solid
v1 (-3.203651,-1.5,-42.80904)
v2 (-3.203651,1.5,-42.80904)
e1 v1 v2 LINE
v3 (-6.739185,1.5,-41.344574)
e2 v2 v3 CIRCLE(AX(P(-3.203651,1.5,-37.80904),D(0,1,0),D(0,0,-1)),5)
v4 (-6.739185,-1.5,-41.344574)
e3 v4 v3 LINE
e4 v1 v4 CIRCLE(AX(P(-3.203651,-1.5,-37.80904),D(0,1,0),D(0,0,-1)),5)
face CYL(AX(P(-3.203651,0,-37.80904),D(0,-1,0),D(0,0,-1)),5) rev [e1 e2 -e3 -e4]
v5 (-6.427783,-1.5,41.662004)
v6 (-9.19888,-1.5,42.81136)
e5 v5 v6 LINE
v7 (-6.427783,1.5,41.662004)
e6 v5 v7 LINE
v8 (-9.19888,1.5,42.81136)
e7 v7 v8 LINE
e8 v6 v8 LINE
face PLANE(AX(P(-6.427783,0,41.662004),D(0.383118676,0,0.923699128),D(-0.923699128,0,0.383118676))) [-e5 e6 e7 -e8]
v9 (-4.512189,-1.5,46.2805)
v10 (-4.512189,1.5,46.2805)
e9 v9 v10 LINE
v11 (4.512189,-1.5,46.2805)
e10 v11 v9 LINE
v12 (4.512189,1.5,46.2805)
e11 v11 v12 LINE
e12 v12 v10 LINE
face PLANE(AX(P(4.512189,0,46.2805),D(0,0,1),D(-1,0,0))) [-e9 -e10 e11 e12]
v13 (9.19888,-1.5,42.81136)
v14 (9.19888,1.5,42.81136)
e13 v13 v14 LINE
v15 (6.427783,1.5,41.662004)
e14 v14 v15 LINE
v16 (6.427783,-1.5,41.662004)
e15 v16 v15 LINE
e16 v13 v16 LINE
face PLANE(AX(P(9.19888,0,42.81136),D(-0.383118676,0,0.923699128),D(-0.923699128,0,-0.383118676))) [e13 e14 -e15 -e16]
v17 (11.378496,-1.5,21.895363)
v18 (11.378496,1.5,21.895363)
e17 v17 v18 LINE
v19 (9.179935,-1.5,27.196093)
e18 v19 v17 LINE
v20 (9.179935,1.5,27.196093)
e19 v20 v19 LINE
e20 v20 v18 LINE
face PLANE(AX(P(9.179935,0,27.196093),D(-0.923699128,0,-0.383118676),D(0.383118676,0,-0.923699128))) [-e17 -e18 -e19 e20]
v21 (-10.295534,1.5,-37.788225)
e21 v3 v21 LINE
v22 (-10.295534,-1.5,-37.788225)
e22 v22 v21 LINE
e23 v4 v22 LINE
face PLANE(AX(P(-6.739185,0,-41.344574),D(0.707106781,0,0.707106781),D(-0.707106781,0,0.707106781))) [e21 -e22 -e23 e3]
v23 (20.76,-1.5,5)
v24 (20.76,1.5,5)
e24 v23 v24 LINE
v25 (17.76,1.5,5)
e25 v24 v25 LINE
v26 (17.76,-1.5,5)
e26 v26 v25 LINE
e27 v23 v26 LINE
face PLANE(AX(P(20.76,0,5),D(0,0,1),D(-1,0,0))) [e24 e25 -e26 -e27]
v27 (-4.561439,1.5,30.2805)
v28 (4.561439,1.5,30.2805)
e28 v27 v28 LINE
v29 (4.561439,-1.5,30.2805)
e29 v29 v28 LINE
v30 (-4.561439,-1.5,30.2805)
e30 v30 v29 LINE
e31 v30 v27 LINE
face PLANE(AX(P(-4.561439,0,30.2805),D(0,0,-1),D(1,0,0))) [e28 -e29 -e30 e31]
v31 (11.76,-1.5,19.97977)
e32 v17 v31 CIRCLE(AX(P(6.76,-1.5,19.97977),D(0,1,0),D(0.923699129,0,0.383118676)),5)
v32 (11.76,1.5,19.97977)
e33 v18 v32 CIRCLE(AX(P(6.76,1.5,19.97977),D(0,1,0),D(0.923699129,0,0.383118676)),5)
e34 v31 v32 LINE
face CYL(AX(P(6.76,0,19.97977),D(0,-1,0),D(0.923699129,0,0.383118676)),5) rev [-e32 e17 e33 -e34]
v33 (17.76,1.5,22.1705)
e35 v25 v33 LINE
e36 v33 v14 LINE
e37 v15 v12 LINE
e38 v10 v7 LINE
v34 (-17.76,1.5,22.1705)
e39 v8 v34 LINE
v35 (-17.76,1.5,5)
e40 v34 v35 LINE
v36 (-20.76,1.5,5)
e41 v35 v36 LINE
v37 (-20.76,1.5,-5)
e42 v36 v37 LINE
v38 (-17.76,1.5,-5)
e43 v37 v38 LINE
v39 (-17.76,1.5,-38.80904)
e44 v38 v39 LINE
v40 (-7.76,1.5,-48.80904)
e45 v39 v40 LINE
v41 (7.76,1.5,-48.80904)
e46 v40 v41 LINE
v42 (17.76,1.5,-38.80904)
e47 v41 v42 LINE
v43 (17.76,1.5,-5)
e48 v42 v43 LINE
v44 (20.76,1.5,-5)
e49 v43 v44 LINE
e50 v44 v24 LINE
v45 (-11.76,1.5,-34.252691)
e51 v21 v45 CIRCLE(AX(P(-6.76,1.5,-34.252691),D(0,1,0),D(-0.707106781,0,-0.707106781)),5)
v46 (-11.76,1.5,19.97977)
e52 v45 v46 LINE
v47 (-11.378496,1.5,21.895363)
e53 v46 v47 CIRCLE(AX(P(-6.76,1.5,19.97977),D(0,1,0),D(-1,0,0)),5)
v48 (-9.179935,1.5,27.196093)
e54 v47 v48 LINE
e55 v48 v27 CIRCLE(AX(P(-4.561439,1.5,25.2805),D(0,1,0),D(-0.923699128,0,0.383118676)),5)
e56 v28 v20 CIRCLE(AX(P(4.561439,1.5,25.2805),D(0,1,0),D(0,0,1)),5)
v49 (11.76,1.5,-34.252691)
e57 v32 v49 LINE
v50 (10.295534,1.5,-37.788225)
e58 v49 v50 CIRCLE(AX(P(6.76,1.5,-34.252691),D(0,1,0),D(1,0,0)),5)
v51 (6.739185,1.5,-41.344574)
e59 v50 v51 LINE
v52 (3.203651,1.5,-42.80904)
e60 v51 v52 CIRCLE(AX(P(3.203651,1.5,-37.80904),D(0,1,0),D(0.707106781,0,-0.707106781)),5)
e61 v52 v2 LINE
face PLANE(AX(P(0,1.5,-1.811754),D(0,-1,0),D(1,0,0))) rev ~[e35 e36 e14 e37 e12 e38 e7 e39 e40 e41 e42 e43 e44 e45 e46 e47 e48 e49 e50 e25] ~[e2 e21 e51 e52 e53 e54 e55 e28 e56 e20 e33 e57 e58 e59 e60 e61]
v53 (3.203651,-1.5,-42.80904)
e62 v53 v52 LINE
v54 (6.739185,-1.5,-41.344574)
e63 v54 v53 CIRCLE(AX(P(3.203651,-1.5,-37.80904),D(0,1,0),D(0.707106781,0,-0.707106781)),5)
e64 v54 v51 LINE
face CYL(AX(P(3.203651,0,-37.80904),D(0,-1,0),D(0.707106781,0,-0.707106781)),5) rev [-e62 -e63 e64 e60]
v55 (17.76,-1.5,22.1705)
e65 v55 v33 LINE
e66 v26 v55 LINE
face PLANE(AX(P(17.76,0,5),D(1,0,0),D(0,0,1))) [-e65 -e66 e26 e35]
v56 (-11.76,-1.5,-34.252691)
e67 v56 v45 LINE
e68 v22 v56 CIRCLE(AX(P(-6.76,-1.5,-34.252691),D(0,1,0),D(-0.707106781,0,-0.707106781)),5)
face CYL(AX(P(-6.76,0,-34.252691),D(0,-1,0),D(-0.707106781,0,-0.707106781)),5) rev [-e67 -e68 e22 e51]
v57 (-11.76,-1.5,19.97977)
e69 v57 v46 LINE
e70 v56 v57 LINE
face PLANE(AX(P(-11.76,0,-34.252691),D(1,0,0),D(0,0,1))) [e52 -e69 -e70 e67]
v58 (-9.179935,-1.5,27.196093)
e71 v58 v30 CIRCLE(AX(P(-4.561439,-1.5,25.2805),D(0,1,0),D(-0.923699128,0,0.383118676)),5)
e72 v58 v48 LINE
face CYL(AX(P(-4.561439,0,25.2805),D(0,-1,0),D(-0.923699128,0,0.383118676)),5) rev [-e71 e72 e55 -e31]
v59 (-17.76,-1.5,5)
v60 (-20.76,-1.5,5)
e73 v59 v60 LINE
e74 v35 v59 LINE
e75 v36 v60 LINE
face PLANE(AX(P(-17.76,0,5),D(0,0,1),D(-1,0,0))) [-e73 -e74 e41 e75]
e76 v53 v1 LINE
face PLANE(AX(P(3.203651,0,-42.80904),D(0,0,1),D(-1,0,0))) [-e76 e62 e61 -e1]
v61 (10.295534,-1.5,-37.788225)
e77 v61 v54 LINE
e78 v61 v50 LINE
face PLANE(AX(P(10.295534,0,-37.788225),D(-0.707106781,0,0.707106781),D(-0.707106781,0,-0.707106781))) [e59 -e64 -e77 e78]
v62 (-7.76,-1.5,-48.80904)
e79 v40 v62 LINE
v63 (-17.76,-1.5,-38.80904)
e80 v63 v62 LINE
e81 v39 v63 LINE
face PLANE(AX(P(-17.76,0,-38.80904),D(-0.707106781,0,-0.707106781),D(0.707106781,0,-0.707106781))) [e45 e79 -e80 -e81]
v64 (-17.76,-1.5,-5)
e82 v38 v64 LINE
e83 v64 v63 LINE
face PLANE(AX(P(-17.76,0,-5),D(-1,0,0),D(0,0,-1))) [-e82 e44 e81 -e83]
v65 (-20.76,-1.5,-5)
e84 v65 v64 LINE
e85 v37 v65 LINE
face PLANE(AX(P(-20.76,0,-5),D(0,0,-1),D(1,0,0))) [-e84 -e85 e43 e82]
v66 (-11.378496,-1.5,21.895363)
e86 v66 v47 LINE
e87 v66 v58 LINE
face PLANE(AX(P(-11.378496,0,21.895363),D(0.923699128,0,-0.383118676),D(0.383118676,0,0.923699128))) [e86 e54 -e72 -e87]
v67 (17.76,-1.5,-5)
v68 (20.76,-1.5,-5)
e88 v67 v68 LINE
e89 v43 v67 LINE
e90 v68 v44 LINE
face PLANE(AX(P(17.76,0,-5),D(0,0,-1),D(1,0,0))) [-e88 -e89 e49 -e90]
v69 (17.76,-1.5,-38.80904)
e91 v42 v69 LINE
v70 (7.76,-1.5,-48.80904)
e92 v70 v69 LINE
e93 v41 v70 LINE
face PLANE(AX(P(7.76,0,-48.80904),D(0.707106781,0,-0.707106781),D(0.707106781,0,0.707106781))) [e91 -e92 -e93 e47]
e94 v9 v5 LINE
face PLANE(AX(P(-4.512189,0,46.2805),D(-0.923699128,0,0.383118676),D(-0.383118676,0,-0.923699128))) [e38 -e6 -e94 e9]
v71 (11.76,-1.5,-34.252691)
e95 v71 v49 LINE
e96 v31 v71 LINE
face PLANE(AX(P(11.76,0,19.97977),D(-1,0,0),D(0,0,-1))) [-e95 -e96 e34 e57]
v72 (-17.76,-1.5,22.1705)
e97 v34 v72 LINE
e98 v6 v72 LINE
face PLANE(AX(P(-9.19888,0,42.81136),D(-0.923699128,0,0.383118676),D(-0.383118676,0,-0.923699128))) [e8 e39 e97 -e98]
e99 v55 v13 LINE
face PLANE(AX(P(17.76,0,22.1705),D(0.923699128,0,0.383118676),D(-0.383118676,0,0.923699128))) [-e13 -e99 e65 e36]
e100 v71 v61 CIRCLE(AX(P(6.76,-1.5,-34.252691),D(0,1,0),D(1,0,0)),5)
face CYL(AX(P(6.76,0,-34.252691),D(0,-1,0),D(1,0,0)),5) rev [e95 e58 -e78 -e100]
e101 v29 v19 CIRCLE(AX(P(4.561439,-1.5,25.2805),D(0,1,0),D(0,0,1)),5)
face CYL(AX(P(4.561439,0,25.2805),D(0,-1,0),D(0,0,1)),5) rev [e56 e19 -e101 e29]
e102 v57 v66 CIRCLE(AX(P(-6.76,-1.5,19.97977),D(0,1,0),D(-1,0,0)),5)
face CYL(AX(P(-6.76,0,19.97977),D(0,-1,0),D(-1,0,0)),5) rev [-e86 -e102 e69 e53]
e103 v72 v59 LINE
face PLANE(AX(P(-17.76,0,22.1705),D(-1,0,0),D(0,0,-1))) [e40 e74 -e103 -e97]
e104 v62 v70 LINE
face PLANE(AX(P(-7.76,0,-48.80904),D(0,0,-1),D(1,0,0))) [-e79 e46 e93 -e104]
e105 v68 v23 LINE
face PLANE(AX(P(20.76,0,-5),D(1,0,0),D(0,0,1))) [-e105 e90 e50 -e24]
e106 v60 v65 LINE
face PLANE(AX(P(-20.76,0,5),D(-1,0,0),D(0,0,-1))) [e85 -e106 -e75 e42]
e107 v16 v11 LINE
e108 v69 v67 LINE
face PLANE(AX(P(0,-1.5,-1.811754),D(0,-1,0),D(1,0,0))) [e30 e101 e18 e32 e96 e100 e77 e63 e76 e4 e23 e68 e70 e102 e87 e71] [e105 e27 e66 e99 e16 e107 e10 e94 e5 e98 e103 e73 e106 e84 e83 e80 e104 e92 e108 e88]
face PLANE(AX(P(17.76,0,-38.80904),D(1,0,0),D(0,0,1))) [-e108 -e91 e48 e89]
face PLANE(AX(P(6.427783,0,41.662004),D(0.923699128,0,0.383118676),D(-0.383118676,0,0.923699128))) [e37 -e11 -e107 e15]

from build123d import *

# Parameters (mm, degrees)
F1_DEPTH = 1.5


with BuildPart() as f1:
    # F0 (on Front) → F1 (new body, symmetric)
    with BuildSketch(Plane.XZ):
        Polygon((-9.1988799724, 42.8113603865), (-17.76, 22.1705), (-17.76, 5), (-20.76, 5), (-20.76, -5), (-17.76, -5), (-17.76, -38.80904), (-7.76, -48.80904), (7.76, -48.80904), (17.76, -38.80904), (17.76, -5), (20.76, -5), (20.76, 5), (17.76, 5), (17.76, 22.1705), (9.1988799724, 42.8113603865), (6.4277825871, 41.6620043577), (4.5121892058, 46.2805), (-4.5121892058, 46.2805), (-6.4277825871, 41.6620043577), align=None)
        with BuildLine():
            Line((9.1799348689, 27.1960933813), (11.3784956423, 21.8953633568))
            ThreePointArc((11.3784956423, 21.8953633568), (11.6636964736, 20.9563768024), (11.76, 19.9797699755))
            Line((11.76, 19.9797699755), (11.76, -34.2526908139))
            ThreePointArc((11.76, -34.2526908139), (11.3793976626, -36.1661079757), (10.2955339059, -37.7882247198))
            Line((10.2955339059, -37.7882247198), (6.7391847198, -41.3445739059))
            ThreePointArc((6.7391847198, -41.3445739059), (5.1170679757, -42.4284376626), (3.2036508139, -42.80904))
            Line((3.2036508139, -42.80904), (0, -42.80904))
            Line((0, -42.80904), (-3.2036508139, -42.80904))
            ThreePointArc((-3.2036508139, -42.80904), (-5.1170679757, -42.4284376626), (-6.7391847198, -41.3445739059))
            Line((-6.7391847198, -41.3445739059), (-10.2955339059, -37.7882247198))
            ThreePointArc((-10.2955339059, -37.7882247198), (-11.3793976626, -36.1661079757), (-11.76, -34.2526908139))
            Line((-11.76, -34.2526908139), (-11.76, 19.9797699755))
            ThreePointArc((-11.76, 19.9797699755), (-11.6636964736, 20.9563768024), (-11.3784956423, 21.8953633568))
            Line((-11.3784956423, 21.8953633568), (-9.1799348689, 27.1960933813))
            ThreePointArc((-9.1799348689, 27.1960933813), (-7.3383109462, 29.4385023392), (-4.5614392267, 30.2805))
            Line((-4.5614392267, 30.2805), (4.5614392267, 30.2805))
            ThreePointArc((4.5614392267, 30.2805), (7.3383109462, 29.4385023392), (9.1799348689, 27.1960933813))
        make_face(mode=Mode.SUBTRACT)
    extrude(amount=F1_DEPTH, both=True)


solid = f1.part
